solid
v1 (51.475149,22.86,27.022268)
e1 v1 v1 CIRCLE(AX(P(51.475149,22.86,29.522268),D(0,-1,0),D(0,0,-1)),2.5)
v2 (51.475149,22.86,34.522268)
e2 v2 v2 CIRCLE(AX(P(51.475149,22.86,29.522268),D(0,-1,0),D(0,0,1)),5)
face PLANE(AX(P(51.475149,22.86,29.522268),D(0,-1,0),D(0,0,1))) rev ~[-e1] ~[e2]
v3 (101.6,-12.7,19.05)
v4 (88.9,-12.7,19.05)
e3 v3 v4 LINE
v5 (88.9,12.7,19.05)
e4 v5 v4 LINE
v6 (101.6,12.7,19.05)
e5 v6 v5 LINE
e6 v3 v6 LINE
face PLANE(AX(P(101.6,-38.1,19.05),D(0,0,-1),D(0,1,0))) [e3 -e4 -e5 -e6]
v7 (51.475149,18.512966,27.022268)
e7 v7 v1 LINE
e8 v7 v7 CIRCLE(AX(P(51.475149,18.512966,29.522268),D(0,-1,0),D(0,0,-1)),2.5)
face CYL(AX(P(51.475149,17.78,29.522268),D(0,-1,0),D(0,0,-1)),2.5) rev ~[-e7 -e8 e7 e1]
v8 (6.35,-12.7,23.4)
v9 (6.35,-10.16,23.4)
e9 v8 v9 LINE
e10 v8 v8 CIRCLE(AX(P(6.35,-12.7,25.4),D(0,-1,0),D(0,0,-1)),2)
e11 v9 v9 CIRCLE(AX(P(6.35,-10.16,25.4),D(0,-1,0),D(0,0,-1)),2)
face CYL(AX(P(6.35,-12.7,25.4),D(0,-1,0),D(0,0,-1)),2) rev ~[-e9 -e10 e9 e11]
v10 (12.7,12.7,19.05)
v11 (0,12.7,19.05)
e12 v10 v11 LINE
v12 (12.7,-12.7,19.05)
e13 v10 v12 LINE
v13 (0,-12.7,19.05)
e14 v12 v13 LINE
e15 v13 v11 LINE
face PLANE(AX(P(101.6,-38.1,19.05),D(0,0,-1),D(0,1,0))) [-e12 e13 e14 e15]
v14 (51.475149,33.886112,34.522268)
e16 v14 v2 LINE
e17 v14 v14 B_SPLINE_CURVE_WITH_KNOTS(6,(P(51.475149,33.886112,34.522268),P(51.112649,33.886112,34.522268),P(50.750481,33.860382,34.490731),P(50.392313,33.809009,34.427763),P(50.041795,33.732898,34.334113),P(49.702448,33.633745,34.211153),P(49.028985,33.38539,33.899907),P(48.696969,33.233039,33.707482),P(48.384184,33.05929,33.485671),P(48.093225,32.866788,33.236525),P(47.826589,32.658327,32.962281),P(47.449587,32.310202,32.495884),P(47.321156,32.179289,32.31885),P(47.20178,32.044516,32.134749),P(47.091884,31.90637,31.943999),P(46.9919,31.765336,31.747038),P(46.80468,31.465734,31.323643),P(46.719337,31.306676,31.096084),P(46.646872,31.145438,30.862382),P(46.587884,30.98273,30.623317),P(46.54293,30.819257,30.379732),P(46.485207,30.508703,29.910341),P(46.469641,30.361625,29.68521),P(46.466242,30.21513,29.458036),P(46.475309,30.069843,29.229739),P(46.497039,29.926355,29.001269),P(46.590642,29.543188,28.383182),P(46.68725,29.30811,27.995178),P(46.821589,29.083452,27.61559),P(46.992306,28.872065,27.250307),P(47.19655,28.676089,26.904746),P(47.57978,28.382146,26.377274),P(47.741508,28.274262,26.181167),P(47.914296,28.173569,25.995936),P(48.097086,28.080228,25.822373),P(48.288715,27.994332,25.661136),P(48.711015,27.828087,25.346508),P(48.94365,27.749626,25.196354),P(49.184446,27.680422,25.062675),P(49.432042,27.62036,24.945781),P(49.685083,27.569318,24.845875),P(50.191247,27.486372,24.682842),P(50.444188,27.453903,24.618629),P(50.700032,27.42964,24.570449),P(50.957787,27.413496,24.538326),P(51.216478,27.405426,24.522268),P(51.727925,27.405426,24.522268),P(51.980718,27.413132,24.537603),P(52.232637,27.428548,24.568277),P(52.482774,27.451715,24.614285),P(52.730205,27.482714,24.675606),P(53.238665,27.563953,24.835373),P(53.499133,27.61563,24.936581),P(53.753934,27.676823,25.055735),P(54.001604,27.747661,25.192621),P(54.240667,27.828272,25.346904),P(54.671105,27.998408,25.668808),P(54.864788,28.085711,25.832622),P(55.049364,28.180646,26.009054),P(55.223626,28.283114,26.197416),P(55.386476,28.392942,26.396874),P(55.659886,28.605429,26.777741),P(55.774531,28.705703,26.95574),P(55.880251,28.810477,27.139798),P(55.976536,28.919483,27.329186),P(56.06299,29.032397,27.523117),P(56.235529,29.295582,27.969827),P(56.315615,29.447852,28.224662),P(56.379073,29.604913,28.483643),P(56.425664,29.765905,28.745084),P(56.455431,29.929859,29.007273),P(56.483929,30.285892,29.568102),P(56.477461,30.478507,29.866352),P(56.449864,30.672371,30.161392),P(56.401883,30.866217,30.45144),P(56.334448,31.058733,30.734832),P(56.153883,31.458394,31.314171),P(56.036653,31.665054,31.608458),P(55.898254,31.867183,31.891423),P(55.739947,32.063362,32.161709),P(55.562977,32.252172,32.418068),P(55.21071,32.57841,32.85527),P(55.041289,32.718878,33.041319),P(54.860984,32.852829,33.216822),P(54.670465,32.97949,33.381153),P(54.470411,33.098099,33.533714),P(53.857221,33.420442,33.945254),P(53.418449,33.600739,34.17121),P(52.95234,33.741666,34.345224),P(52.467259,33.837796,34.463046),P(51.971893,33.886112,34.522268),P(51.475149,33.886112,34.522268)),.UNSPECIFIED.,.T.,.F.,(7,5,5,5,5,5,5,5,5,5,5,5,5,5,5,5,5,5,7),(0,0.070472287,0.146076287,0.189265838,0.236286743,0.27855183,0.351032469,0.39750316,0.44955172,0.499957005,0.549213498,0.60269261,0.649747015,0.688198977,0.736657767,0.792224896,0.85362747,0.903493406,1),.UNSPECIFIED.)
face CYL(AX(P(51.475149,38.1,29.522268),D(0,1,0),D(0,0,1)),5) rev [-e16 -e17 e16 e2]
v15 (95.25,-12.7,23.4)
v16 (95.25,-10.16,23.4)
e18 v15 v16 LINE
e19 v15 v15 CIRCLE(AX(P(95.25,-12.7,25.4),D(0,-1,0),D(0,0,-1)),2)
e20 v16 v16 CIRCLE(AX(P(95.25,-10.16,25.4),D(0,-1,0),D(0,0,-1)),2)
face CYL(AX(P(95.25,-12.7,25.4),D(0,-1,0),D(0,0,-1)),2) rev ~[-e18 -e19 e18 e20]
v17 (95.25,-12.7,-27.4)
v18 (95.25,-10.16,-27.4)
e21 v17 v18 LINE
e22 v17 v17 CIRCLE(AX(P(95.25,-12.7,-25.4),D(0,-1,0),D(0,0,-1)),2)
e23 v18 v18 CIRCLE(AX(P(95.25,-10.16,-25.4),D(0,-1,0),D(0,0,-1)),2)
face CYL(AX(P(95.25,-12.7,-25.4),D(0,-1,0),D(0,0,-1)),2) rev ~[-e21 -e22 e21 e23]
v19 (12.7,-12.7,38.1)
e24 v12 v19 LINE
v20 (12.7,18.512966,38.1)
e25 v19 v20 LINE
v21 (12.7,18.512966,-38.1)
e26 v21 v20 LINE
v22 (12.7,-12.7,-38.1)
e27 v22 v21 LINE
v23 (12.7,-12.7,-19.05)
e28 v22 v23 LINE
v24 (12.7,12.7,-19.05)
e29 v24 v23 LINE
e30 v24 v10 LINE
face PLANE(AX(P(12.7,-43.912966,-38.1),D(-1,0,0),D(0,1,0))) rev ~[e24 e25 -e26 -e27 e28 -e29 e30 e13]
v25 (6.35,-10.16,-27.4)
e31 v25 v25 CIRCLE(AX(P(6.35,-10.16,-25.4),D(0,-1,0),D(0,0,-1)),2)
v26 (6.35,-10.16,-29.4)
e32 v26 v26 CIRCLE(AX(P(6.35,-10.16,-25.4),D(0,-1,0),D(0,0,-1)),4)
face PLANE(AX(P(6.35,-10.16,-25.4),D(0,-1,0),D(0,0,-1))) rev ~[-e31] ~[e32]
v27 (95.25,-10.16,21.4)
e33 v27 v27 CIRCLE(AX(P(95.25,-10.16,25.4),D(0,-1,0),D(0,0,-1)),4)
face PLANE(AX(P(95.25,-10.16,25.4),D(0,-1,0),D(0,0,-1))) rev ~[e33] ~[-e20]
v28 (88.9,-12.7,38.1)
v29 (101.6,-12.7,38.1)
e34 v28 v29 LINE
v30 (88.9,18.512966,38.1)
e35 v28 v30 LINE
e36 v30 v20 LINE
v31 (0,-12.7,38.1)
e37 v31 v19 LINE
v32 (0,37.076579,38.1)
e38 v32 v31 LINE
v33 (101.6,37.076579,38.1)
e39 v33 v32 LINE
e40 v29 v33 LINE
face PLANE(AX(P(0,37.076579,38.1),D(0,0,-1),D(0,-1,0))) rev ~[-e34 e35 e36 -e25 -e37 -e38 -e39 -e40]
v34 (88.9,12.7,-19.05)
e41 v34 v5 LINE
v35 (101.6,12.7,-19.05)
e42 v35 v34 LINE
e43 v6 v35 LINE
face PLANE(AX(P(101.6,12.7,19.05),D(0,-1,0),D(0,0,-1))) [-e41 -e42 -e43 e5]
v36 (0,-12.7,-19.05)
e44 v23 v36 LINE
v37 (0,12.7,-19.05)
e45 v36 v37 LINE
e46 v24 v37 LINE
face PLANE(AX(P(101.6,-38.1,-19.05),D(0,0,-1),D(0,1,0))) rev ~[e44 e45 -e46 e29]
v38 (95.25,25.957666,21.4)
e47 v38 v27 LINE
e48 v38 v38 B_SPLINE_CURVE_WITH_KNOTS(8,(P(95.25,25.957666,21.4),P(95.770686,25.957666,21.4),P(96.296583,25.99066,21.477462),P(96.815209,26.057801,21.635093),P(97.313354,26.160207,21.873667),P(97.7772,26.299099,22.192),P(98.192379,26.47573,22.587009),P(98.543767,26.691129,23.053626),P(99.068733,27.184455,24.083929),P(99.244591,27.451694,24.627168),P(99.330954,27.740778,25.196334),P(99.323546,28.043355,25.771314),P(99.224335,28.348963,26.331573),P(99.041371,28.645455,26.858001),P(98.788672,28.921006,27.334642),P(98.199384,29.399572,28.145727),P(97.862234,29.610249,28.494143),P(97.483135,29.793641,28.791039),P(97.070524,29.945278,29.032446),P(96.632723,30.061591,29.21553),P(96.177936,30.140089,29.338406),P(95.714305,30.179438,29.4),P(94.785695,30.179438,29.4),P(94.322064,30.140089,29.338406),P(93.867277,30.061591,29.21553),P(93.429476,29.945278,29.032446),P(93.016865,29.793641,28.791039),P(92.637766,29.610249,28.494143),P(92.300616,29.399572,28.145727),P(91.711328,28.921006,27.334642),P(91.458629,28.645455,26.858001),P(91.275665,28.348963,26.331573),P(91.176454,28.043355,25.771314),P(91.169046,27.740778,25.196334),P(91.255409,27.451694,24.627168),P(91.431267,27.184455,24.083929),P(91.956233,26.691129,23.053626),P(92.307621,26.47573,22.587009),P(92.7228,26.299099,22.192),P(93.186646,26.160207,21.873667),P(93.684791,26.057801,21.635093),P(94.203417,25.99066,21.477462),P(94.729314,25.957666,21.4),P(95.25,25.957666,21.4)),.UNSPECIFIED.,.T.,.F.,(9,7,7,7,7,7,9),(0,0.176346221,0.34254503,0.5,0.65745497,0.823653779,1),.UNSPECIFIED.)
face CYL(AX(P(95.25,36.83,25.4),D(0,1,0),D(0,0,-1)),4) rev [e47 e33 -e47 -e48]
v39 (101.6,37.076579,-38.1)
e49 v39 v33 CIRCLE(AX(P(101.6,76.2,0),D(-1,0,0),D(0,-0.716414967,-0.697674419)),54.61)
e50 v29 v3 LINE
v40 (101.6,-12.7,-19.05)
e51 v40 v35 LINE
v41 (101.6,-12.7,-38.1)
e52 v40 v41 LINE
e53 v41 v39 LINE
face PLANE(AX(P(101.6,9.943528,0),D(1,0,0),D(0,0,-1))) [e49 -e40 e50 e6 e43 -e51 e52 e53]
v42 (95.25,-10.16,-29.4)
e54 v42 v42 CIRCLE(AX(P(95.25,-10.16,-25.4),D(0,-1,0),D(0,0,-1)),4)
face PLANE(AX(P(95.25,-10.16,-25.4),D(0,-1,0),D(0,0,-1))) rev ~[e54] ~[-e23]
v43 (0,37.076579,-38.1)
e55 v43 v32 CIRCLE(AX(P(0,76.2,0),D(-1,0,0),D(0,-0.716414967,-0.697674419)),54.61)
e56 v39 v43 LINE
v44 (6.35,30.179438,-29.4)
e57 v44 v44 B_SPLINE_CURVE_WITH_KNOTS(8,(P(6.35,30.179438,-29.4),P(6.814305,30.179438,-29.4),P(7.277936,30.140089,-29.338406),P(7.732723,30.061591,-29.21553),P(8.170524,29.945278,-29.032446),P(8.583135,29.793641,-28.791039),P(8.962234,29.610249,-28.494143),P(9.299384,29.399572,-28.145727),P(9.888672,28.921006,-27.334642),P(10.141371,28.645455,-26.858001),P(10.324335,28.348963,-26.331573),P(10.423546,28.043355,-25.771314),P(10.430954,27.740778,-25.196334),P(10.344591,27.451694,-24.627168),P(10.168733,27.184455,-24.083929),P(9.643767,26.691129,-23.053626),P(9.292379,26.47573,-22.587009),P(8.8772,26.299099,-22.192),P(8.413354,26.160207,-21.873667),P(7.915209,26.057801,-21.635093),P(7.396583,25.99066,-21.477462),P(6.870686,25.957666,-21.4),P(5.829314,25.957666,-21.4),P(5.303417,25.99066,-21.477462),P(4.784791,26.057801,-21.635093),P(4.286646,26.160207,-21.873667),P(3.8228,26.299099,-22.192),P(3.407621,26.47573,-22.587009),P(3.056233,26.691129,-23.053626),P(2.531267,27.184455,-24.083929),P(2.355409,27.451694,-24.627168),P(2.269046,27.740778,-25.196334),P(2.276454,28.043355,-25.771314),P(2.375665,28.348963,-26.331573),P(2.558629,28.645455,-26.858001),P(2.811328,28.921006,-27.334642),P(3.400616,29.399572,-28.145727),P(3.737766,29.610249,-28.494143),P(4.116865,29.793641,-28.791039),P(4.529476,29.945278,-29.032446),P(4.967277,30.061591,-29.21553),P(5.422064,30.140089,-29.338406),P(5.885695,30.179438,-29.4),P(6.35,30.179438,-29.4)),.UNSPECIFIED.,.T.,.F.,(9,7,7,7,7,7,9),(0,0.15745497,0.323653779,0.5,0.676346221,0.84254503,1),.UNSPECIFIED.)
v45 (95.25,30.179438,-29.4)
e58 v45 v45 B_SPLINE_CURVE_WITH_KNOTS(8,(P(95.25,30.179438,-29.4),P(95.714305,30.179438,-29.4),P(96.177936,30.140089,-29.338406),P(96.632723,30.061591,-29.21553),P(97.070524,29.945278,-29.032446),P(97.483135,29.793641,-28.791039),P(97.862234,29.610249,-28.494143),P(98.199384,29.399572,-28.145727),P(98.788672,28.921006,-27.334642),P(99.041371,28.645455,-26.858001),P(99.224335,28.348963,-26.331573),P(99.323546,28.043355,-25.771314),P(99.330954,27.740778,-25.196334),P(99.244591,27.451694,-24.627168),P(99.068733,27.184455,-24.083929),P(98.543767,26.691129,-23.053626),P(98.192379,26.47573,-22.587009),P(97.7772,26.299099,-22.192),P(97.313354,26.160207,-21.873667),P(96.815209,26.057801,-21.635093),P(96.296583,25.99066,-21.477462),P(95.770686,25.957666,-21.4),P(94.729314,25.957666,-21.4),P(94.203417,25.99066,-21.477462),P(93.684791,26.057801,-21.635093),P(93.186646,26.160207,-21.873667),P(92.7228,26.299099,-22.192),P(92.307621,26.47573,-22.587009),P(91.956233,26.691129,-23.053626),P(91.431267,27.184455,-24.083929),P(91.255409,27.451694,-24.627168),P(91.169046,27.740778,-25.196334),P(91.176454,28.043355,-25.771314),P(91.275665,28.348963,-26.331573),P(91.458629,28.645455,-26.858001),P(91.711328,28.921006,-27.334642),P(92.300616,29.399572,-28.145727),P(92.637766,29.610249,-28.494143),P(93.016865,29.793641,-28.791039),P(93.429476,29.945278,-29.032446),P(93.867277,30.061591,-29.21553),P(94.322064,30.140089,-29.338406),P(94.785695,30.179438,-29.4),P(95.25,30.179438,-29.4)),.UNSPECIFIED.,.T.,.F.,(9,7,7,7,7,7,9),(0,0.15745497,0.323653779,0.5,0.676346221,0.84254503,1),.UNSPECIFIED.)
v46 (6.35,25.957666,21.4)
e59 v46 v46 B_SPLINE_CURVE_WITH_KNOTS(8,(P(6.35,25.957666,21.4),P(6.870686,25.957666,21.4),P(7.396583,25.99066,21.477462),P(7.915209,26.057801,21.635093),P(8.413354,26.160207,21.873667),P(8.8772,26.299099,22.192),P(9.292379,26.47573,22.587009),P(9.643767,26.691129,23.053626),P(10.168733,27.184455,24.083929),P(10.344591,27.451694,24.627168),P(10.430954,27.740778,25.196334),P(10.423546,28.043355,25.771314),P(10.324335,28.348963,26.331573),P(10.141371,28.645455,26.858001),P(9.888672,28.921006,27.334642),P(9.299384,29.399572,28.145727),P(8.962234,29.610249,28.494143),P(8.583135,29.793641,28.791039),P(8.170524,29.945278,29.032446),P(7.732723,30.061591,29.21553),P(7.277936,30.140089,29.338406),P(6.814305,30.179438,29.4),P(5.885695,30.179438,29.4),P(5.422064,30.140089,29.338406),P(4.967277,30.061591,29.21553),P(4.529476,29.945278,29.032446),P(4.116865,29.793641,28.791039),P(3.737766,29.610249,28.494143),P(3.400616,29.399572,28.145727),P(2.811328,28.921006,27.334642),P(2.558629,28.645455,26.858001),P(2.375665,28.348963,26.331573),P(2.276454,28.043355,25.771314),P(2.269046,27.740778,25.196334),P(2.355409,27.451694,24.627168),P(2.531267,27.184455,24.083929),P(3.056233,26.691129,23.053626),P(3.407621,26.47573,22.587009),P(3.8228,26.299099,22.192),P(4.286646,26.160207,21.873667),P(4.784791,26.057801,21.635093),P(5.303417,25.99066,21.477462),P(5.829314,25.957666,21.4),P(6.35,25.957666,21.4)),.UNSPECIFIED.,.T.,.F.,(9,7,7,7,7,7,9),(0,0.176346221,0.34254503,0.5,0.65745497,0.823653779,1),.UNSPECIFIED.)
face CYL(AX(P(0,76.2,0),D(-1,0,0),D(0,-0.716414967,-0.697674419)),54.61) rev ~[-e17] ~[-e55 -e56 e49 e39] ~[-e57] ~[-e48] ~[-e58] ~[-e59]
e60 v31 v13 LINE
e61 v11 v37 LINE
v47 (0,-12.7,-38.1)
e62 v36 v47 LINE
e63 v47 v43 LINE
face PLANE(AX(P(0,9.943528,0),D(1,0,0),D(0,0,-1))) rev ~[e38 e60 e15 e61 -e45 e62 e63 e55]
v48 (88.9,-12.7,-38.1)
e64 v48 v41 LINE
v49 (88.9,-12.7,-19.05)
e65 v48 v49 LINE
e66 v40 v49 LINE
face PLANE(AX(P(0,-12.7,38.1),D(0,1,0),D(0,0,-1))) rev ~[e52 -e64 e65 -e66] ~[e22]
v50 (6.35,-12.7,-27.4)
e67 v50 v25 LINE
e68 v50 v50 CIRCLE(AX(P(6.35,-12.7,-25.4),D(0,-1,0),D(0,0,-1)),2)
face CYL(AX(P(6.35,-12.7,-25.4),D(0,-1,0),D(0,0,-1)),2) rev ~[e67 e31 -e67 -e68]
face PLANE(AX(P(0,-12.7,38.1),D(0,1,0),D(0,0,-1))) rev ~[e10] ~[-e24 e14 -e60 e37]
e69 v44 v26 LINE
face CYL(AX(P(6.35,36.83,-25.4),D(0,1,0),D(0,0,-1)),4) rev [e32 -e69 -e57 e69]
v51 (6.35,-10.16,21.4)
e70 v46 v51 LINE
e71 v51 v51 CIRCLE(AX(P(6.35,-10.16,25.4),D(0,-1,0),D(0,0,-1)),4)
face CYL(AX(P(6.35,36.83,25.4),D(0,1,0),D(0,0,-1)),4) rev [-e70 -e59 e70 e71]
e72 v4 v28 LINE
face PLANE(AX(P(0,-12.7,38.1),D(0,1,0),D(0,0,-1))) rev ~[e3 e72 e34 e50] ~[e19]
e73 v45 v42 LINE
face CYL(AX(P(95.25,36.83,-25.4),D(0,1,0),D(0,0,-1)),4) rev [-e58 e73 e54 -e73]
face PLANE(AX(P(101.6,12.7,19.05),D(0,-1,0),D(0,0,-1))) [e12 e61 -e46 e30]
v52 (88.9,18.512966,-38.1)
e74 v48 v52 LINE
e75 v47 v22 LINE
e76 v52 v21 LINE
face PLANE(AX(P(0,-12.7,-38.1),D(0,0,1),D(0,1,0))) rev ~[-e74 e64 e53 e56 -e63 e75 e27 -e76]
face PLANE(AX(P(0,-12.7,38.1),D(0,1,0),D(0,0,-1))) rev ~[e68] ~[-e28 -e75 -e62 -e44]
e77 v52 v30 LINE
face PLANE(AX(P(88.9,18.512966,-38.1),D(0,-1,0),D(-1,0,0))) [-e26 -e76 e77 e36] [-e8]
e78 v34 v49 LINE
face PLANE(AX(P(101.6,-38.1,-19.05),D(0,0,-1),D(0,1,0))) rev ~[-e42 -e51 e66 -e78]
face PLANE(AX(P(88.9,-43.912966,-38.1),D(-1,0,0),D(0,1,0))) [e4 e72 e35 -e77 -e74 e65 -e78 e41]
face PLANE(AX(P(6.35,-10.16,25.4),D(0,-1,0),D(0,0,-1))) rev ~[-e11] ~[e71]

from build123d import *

# Parameters (mm, degrees)
BOSS_EXTRUDE1_DEPTH     = 101.6
SKETCH2_R               = 2
CUT_EXTRUDE1_DEPTH      = 120.381228758
SKETCH3_W               = 76.2
SKETCH3_H               = 62.425931944
CUT_EXTRUDE2_DEPTH      = 133.301446423
BOSS_EXTRUDE2_START     = -76.2
BOSS_EXTRUDE2_DEPTH     = 76.2
CUT_EXTRUDE3_DEPTH      = 27.94
CUT_EXTRUDE3_DEPTH_BACK = 19.05
SKETCH5_R               = 4
SKETCH6_W               = 38.1
SKETCH6_H               = 50.8
CUT_EXTRUDE4_DEPTH      = 115.668403311
SKETCH9_R               = 5
CUT_EXTRUDE6_DEPTH      = 15.24
SKETCH10_R              = 2.5
CUT_EXTRUDE7_DEPTH      = 113.708475404


with BuildPart() as part:
    # Sketch1 → Boss-Extrude1 (new body)
    with BuildSketch(Plane(origin=(0, 0, 0), x_dir=(0, 0, -1), z_dir=(1, 0, 0))):
        with BuildLine():
            Line((-38.1, 37.076578626), (-38.1, -12.7))
            Line((-38.1, -12.7), (38.1, -12.7))
            Line((38.1, -12.7), (38.1, 37.076578626))
            ThreePointArc((38.1, 37.076578626), (0, 21.59), (-38.1, 37.076578626))
        make_face()
    extrude(amount=BOSS_EXTRUDE1_DEPTH)

    # Sketch2 → Cut-Extrude1 (cut, through all)
    with BuildSketch(Plane(origin=(0, -12.7, 0), x_dir=(-1, 0, 0), z_dir=(0, -1, 0))):
        with Locations(Location((-6.35, -25.4, 0), (0, 0, 90))):
            Circle(SKETCH2_R)
        with Locations(Location((-6.35, 25.4, 0), (0, 0, 90))):
            Circle(SKETCH2_R)
        with Locations(Location((-95.25, -25.4, 0), (0, 0, 90))):
            Circle(SKETCH2_R)
        with Locations(Location((-95.25, 25.4, 0), (0, 0, 90))):
            Circle(SKETCH2_R)
    extrude(amount=-CUT_EXTRUDE1_DEPTH, mode=Mode.SUBTRACT)

    # Sketch3 → Cut-Extrude2 (cut, through all)
    with BuildSketch(Plane(origin=(0, 0, -38.1), x_dir=(-1, 0, 0), z_dir=(0, 0, -1))):
        with Locations((-50.8, -12.7)):
            Rectangle(SKETCH3_W, SKETCH3_H)
    extrude(amount=-CUT_EXTRUDE2_DEPTH, mode=Mode.SUBTRACT)

    # Sketch4 → Boss-Extrude2 (add)
    with BuildSketch(Plane(origin=(101.6, 0, 0), x_dir=(0, 0, -1), z_dir=(1, 0, 0)).offset(BOSS_EXTRUDE2_START)):
        with BuildLine():
            Line((-38.1, 37.076578626), (-38.1, 33.602905029))
            ThreePointArc((-38.1, 33.602905029), (0, 19.05), (38.1, 33.602905029))
            Line((38.1, 33.602905029), (38.1, 37.076578626))
            ThreePointArc((38.1, 37.076578626), (0, 21.59), (-38.1, 37.076578626))
        make_face()
    extrude(amount=BOSS_EXTRUDE2_DEPTH)

    # Sketch5 → Cut-Extrude3 (cut, two sides: drawn at the far end of the back side and taken through both)
    with BuildSketch(Plane(origin=(0, 17.78, 0), x_dir=(-1, 0, 0), z_dir=(0, -1, 0)).offset(-CUT_EXTRUDE3_DEPTH_BACK)):
        with Locations(Location((-95.25, 25.4, 0), (0, 0, 90))):
            Circle(SKETCH5_R)
        with Locations(Location((-6.35, 25.4, 0), (0, 0, 90))):
            Circle(SKETCH5_R)
        with Locations(Location((-6.35, -25.4, 0), (0, 0, 90))):
            Circle(SKETCH5_R)
        with Locations(Location((-95.25, -25.4, 0), (0, 0, 90))):
            Circle(SKETCH5_R)
    extrude(amount=CUT_EXTRUDE3_DEPTH + CUT_EXTRUDE3_DEPTH_BACK, mode=Mode.SUBTRACT)

    # Sketch6 → Cut-Extrude4 (cut, through all)
    with BuildSketch(Plane(origin=(101.6, 0, 0), x_dir=(0, 0, -1), z_dir=(1, 0, 0))):
        with Locations((0, -12.7)):
            Rectangle(SKETCH6_W, SKETCH6_H)
    extrude(amount=-CUT_EXTRUDE4_DEPTH, mode=Mode.SUBTRACT)

    # Sketch9 → Cut-Extrude6 (cut)
    with BuildSketch(Plane(origin=(0, 38.1, 0), x_dir=(-1, 0, 0), z_dir=(0, -1, 0))):
        with Locations(Location((-51.475148777, -29.522267927, 0), (0, 0, 270))):
            Circle(SKETCH9_R)
    extrude(amount=CUT_EXTRUDE6_DEPTH, mode=Mode.SUBTRACT)

    # Sketch10 → Cut-Extrude7 (cut, through all)
    with BuildSketch(Plane(origin=(0, 17.78, 0), x_dir=(-1, 0, 0), z_dir=(0, -1, 0))):
        with Locations(Location((-51.475148777, -29.522267927, 0), (0, 0, 90))):
            Circle(SKETCH10_R)
    extrude(amount=-CUT_EXTRUDE7_DEPTH, mode=Mode.SUBTRACT)


solid = part.part
